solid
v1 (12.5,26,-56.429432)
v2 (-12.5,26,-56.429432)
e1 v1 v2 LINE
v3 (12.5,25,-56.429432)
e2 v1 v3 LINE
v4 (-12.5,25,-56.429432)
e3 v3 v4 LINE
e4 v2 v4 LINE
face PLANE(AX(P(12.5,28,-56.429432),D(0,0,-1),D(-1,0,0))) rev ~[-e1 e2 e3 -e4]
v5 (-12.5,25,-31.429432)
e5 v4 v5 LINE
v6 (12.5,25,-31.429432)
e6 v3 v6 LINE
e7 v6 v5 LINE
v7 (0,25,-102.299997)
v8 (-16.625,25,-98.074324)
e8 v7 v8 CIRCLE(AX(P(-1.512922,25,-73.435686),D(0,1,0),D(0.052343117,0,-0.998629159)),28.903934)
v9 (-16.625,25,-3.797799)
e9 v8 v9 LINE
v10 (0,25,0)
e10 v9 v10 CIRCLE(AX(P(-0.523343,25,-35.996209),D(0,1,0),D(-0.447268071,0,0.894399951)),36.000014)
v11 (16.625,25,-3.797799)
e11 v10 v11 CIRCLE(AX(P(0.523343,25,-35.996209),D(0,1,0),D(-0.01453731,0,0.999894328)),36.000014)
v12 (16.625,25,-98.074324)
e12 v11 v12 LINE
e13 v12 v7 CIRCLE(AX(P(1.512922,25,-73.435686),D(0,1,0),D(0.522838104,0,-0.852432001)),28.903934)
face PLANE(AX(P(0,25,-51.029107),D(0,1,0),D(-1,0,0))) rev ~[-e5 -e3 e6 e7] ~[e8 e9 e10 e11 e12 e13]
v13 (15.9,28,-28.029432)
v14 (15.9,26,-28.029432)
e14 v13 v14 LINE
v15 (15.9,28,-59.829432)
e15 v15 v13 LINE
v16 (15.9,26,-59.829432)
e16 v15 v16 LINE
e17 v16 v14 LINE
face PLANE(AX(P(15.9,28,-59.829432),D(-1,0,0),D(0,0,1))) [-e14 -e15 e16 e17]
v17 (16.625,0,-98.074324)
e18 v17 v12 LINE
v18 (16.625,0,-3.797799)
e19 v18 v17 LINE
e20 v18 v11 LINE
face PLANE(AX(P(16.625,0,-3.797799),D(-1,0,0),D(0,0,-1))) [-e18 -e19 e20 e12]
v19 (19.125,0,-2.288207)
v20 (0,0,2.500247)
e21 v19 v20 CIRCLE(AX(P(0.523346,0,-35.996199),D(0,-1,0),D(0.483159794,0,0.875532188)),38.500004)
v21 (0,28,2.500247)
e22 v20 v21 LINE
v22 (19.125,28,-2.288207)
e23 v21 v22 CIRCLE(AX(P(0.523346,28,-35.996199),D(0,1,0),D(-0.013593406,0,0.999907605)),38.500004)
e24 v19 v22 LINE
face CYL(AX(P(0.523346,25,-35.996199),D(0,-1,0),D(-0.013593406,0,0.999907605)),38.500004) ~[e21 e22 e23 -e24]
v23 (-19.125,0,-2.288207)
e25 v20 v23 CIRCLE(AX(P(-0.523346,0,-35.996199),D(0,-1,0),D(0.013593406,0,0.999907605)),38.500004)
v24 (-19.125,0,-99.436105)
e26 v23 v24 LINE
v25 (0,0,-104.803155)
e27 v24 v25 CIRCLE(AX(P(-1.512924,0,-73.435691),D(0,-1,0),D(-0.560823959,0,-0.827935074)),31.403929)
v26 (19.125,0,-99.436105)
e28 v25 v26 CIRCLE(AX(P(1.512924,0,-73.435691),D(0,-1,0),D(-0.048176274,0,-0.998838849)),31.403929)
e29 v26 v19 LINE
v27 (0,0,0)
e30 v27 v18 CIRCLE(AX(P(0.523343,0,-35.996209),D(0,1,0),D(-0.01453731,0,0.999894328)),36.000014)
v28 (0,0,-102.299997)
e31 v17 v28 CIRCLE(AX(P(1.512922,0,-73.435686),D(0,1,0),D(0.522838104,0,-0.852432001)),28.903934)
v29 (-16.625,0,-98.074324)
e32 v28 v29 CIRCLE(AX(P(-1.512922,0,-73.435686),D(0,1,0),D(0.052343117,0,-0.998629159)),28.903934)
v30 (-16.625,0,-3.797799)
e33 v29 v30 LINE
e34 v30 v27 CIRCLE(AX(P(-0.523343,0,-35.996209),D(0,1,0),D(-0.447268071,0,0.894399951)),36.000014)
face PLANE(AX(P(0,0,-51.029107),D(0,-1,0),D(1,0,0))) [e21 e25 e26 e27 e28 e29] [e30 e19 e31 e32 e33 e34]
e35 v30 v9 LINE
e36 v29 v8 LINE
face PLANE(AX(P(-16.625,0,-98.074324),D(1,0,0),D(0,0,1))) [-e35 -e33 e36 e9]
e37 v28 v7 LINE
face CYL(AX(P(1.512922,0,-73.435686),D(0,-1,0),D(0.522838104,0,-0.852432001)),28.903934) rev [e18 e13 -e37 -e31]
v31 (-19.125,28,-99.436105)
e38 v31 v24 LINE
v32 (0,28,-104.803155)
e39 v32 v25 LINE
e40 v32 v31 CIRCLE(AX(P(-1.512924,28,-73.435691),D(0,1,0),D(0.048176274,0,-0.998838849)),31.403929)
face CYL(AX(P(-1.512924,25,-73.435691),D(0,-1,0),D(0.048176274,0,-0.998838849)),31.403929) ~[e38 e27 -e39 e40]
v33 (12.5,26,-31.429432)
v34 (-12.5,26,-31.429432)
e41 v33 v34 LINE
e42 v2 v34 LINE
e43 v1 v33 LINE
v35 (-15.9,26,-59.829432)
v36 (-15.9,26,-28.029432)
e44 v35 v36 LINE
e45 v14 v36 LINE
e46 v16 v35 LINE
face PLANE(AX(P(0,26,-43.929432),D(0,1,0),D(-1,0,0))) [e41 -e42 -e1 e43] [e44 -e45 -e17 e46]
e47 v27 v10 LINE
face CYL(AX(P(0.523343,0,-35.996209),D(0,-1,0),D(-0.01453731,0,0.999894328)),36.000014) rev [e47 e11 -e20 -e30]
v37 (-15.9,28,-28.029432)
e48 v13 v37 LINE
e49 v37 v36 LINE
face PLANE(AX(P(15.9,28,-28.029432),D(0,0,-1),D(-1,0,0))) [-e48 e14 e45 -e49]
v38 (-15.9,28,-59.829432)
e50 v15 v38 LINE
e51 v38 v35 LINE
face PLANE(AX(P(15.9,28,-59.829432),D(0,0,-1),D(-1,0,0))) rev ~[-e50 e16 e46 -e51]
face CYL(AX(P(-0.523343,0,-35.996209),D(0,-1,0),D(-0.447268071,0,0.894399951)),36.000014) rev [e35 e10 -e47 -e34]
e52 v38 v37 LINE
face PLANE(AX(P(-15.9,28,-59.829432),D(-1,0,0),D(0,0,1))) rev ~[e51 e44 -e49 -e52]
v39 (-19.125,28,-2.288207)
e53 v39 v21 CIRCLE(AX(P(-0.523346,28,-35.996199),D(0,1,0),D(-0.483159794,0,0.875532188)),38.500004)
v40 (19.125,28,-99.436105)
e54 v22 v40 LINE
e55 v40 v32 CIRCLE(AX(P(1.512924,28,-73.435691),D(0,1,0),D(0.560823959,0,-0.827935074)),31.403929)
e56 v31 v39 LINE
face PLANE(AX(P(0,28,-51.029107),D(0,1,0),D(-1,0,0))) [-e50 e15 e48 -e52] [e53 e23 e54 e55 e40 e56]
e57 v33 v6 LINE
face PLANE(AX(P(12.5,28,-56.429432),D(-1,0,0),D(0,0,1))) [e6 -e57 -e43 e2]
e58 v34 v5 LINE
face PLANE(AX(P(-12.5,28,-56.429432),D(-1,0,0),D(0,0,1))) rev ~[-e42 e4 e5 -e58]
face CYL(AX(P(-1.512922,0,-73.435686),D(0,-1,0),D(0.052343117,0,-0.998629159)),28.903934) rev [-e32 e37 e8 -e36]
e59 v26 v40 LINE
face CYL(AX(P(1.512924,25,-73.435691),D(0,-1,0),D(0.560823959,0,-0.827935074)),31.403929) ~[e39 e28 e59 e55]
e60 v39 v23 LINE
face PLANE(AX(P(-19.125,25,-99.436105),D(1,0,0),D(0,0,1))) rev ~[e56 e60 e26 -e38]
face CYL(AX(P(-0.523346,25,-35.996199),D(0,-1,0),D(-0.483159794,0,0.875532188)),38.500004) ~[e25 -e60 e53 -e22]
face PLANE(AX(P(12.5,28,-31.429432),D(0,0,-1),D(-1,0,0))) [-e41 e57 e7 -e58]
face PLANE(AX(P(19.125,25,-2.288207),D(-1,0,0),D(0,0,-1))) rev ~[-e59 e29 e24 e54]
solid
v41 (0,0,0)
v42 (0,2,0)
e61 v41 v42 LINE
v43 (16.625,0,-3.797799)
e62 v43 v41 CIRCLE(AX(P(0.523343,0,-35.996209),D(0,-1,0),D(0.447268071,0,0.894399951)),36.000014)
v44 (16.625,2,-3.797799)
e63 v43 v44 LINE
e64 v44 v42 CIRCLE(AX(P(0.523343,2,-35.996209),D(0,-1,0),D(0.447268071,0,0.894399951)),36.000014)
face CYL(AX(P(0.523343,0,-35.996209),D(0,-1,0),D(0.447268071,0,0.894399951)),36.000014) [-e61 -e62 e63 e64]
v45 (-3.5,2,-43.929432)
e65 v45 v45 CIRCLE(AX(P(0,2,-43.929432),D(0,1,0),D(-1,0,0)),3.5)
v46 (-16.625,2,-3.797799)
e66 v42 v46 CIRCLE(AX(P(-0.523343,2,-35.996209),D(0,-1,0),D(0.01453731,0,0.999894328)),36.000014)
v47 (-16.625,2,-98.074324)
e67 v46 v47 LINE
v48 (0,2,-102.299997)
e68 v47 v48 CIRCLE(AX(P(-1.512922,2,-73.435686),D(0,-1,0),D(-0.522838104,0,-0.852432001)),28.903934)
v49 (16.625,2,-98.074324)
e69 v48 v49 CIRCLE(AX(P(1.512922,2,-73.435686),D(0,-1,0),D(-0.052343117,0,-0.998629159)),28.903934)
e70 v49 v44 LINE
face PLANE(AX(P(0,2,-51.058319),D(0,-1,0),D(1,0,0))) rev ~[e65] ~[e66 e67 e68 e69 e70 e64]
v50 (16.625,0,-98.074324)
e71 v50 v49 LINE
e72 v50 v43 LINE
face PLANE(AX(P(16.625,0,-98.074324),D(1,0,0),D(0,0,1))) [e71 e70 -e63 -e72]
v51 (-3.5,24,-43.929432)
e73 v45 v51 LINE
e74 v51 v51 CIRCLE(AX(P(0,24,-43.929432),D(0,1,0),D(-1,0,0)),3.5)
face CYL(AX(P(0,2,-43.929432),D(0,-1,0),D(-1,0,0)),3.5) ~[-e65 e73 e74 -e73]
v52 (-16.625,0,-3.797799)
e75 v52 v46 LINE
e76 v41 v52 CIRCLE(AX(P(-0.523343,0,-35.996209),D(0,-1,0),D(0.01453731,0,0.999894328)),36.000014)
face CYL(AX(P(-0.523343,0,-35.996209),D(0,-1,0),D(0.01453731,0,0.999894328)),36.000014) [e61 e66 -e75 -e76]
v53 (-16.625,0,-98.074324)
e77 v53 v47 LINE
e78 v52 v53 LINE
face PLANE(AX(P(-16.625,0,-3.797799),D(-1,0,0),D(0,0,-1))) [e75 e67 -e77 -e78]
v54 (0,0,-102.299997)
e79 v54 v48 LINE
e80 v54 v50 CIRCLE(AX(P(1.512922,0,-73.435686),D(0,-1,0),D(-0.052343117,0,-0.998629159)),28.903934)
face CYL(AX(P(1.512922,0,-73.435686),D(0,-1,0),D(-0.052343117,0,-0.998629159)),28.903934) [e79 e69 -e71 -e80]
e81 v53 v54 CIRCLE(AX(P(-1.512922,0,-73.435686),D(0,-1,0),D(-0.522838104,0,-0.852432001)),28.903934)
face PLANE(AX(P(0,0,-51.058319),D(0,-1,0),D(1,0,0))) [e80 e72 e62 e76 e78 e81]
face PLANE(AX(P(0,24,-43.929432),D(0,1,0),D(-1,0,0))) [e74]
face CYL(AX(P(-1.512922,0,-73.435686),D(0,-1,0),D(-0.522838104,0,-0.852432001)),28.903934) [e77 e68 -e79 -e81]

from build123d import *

# Parameters (mm, degrees)
F2_DEPTH  = 2
F3_R      = 3.5
F4_DEPTH  = 22
F6_DEPTH  = 25
F8_DEPTH  = 3
F9_W      = 25
F9_H      = 25
F10_DEPTH = 3
F11_W     = 31.8
F11_H     = 31.8
F11_W_2   = 25
F11_H_2   = 25
F12_DEPTH = 2


with BuildPart() as f2:
    # F1 (on Front) → F2 (new body)
    with BuildSketch(Plane.XZ):
        with BuildLine():
            Line((16.625, -98.074324), (16.625, -3.797799))
            ThreePointArc((16.625, -3.797799), (8.540624, -0.900281), (0, 0))
            ThreePointArc((0, 0), (-8.540624, -0.900281), (-16.625, -3.797799))
            Line((-16.625, -3.797799), (-16.625, -98.074324))
            ThreePointArc((-16.625, -98.074324), (-8.633199, -101.44888), (0, -102.299997))
            ThreePointArc((0, -102.299997), (8.633199, -101.44888), (16.625, -98.074324))
        make_face()
    extrude(amount=-F2_DEPTH)

    # F3 (on face) → F4 (join)
    with BuildSketch(Plane(origin=(0, 2, 0), x_dir=(-1, 0, 0), z_dir=(0, 1, 0))):
        with Locations((0, -43.929432)):
            Circle(F3_R)
    extrude(amount=F4_DEPTH)


with BuildPart() as f6:
    # F5 (on face) → F6 (new body)
    with BuildSketch(Plane.XZ):
        with BuildLine():
            ThreePointArc((0, -104.803155), (9.998027, -103.671593), (19.125, -99.436105))
            Line((19.125, -99.436105), (19.125, -2.288207))
            ThreePointArc((19.125, -2.288207), (9.874208, 1.350978), (0, 2.500247))
            ThreePointArc((0, 2.500247), (-9.874208, 1.350978), (-19.125, -2.288207))
            Line((-19.125, -2.288207), (-19.125, -99.436105))
            ThreePointArc((-19.125, -99.436105), (-9.998027, -103.671593), (0, -104.803155))
        make_face()
        with BuildLine():
            ThreePointArc((16.625, -98.074324), (8.633199, -101.44888), (0, -102.299997))
            ThreePointArc((0, -102.299997), (-8.633199, -101.44888), (-16.625, -98.074324))
            Line((-16.625, -98.074324), (-16.625, -3.797799))
            ThreePointArc((-16.625, -3.797799), (-8.540624, -0.900281), (0, 0))
            ThreePointArc((0, 0), (8.540624, -0.900281), (16.625, -3.797799))
            Line((16.625, -3.797799), (16.625, -98.074324))
        make_face(mode=Mode.SUBTRACT)
    extrude(amount=-F6_DEPTH)

    # F7 (on face) → F8 (join)
    with BuildSketch(Plane(origin=(0, 25, 0), x_dir=(-1, 0, 0), z_dir=(0, 1, 0))):
        with BuildLine():
            ThreePointArc((19.125, -2.288207), (9.874208, 1.350978), (0, 2.500247))
            ThreePointArc((0, 2.500247), (-9.874208, 1.350978), (-19.125, -2.288207))
            Line((-19.125, -2.288207), (-19.125, -99.436105))
            ThreePointArc((-19.125, -99.436105), (-9.998027, -103.671593), (0, -104.803155))
            ThreePointArc((0, -104.803155), (9.998027, -103.671593), (19.125, -99.436105))
            Line((19.125, -99.436105), (19.125, -2.288207))
        make_face()
    extrude(amount=F8_DEPTH)

    # F9 (on face) → F10 (cut)
    with BuildSketch(Plane(origin=(0, 28, 0), x_dir=(-1, 0, 0), z_dir=(0, 1, 0))):
        with Locations((0, -43.929432)):
            Rectangle(F9_W, F9_H)
    extrude(amount=-F10_DEPTH, mode=Mode.SUBTRACT)

    # F11 (on face) → F12 (cut)
    with BuildSketch(Plane(origin=(0, 28, 0), x_dir=(-1, 0, 0), z_dir=(0, 1, 0))):
        with Locations((0, -43.929432)):
            Rectangle(F11_W, F11_H)
        with Locations((0, -43.929432)):
            Rectangle(F11_W_2, F11_H_2, mode=Mode.SUBTRACT)
    extrude(amount=-F12_DEPTH, mode=Mode.SUBTRACT)


solid = Compound([f2.part, f6.part])
